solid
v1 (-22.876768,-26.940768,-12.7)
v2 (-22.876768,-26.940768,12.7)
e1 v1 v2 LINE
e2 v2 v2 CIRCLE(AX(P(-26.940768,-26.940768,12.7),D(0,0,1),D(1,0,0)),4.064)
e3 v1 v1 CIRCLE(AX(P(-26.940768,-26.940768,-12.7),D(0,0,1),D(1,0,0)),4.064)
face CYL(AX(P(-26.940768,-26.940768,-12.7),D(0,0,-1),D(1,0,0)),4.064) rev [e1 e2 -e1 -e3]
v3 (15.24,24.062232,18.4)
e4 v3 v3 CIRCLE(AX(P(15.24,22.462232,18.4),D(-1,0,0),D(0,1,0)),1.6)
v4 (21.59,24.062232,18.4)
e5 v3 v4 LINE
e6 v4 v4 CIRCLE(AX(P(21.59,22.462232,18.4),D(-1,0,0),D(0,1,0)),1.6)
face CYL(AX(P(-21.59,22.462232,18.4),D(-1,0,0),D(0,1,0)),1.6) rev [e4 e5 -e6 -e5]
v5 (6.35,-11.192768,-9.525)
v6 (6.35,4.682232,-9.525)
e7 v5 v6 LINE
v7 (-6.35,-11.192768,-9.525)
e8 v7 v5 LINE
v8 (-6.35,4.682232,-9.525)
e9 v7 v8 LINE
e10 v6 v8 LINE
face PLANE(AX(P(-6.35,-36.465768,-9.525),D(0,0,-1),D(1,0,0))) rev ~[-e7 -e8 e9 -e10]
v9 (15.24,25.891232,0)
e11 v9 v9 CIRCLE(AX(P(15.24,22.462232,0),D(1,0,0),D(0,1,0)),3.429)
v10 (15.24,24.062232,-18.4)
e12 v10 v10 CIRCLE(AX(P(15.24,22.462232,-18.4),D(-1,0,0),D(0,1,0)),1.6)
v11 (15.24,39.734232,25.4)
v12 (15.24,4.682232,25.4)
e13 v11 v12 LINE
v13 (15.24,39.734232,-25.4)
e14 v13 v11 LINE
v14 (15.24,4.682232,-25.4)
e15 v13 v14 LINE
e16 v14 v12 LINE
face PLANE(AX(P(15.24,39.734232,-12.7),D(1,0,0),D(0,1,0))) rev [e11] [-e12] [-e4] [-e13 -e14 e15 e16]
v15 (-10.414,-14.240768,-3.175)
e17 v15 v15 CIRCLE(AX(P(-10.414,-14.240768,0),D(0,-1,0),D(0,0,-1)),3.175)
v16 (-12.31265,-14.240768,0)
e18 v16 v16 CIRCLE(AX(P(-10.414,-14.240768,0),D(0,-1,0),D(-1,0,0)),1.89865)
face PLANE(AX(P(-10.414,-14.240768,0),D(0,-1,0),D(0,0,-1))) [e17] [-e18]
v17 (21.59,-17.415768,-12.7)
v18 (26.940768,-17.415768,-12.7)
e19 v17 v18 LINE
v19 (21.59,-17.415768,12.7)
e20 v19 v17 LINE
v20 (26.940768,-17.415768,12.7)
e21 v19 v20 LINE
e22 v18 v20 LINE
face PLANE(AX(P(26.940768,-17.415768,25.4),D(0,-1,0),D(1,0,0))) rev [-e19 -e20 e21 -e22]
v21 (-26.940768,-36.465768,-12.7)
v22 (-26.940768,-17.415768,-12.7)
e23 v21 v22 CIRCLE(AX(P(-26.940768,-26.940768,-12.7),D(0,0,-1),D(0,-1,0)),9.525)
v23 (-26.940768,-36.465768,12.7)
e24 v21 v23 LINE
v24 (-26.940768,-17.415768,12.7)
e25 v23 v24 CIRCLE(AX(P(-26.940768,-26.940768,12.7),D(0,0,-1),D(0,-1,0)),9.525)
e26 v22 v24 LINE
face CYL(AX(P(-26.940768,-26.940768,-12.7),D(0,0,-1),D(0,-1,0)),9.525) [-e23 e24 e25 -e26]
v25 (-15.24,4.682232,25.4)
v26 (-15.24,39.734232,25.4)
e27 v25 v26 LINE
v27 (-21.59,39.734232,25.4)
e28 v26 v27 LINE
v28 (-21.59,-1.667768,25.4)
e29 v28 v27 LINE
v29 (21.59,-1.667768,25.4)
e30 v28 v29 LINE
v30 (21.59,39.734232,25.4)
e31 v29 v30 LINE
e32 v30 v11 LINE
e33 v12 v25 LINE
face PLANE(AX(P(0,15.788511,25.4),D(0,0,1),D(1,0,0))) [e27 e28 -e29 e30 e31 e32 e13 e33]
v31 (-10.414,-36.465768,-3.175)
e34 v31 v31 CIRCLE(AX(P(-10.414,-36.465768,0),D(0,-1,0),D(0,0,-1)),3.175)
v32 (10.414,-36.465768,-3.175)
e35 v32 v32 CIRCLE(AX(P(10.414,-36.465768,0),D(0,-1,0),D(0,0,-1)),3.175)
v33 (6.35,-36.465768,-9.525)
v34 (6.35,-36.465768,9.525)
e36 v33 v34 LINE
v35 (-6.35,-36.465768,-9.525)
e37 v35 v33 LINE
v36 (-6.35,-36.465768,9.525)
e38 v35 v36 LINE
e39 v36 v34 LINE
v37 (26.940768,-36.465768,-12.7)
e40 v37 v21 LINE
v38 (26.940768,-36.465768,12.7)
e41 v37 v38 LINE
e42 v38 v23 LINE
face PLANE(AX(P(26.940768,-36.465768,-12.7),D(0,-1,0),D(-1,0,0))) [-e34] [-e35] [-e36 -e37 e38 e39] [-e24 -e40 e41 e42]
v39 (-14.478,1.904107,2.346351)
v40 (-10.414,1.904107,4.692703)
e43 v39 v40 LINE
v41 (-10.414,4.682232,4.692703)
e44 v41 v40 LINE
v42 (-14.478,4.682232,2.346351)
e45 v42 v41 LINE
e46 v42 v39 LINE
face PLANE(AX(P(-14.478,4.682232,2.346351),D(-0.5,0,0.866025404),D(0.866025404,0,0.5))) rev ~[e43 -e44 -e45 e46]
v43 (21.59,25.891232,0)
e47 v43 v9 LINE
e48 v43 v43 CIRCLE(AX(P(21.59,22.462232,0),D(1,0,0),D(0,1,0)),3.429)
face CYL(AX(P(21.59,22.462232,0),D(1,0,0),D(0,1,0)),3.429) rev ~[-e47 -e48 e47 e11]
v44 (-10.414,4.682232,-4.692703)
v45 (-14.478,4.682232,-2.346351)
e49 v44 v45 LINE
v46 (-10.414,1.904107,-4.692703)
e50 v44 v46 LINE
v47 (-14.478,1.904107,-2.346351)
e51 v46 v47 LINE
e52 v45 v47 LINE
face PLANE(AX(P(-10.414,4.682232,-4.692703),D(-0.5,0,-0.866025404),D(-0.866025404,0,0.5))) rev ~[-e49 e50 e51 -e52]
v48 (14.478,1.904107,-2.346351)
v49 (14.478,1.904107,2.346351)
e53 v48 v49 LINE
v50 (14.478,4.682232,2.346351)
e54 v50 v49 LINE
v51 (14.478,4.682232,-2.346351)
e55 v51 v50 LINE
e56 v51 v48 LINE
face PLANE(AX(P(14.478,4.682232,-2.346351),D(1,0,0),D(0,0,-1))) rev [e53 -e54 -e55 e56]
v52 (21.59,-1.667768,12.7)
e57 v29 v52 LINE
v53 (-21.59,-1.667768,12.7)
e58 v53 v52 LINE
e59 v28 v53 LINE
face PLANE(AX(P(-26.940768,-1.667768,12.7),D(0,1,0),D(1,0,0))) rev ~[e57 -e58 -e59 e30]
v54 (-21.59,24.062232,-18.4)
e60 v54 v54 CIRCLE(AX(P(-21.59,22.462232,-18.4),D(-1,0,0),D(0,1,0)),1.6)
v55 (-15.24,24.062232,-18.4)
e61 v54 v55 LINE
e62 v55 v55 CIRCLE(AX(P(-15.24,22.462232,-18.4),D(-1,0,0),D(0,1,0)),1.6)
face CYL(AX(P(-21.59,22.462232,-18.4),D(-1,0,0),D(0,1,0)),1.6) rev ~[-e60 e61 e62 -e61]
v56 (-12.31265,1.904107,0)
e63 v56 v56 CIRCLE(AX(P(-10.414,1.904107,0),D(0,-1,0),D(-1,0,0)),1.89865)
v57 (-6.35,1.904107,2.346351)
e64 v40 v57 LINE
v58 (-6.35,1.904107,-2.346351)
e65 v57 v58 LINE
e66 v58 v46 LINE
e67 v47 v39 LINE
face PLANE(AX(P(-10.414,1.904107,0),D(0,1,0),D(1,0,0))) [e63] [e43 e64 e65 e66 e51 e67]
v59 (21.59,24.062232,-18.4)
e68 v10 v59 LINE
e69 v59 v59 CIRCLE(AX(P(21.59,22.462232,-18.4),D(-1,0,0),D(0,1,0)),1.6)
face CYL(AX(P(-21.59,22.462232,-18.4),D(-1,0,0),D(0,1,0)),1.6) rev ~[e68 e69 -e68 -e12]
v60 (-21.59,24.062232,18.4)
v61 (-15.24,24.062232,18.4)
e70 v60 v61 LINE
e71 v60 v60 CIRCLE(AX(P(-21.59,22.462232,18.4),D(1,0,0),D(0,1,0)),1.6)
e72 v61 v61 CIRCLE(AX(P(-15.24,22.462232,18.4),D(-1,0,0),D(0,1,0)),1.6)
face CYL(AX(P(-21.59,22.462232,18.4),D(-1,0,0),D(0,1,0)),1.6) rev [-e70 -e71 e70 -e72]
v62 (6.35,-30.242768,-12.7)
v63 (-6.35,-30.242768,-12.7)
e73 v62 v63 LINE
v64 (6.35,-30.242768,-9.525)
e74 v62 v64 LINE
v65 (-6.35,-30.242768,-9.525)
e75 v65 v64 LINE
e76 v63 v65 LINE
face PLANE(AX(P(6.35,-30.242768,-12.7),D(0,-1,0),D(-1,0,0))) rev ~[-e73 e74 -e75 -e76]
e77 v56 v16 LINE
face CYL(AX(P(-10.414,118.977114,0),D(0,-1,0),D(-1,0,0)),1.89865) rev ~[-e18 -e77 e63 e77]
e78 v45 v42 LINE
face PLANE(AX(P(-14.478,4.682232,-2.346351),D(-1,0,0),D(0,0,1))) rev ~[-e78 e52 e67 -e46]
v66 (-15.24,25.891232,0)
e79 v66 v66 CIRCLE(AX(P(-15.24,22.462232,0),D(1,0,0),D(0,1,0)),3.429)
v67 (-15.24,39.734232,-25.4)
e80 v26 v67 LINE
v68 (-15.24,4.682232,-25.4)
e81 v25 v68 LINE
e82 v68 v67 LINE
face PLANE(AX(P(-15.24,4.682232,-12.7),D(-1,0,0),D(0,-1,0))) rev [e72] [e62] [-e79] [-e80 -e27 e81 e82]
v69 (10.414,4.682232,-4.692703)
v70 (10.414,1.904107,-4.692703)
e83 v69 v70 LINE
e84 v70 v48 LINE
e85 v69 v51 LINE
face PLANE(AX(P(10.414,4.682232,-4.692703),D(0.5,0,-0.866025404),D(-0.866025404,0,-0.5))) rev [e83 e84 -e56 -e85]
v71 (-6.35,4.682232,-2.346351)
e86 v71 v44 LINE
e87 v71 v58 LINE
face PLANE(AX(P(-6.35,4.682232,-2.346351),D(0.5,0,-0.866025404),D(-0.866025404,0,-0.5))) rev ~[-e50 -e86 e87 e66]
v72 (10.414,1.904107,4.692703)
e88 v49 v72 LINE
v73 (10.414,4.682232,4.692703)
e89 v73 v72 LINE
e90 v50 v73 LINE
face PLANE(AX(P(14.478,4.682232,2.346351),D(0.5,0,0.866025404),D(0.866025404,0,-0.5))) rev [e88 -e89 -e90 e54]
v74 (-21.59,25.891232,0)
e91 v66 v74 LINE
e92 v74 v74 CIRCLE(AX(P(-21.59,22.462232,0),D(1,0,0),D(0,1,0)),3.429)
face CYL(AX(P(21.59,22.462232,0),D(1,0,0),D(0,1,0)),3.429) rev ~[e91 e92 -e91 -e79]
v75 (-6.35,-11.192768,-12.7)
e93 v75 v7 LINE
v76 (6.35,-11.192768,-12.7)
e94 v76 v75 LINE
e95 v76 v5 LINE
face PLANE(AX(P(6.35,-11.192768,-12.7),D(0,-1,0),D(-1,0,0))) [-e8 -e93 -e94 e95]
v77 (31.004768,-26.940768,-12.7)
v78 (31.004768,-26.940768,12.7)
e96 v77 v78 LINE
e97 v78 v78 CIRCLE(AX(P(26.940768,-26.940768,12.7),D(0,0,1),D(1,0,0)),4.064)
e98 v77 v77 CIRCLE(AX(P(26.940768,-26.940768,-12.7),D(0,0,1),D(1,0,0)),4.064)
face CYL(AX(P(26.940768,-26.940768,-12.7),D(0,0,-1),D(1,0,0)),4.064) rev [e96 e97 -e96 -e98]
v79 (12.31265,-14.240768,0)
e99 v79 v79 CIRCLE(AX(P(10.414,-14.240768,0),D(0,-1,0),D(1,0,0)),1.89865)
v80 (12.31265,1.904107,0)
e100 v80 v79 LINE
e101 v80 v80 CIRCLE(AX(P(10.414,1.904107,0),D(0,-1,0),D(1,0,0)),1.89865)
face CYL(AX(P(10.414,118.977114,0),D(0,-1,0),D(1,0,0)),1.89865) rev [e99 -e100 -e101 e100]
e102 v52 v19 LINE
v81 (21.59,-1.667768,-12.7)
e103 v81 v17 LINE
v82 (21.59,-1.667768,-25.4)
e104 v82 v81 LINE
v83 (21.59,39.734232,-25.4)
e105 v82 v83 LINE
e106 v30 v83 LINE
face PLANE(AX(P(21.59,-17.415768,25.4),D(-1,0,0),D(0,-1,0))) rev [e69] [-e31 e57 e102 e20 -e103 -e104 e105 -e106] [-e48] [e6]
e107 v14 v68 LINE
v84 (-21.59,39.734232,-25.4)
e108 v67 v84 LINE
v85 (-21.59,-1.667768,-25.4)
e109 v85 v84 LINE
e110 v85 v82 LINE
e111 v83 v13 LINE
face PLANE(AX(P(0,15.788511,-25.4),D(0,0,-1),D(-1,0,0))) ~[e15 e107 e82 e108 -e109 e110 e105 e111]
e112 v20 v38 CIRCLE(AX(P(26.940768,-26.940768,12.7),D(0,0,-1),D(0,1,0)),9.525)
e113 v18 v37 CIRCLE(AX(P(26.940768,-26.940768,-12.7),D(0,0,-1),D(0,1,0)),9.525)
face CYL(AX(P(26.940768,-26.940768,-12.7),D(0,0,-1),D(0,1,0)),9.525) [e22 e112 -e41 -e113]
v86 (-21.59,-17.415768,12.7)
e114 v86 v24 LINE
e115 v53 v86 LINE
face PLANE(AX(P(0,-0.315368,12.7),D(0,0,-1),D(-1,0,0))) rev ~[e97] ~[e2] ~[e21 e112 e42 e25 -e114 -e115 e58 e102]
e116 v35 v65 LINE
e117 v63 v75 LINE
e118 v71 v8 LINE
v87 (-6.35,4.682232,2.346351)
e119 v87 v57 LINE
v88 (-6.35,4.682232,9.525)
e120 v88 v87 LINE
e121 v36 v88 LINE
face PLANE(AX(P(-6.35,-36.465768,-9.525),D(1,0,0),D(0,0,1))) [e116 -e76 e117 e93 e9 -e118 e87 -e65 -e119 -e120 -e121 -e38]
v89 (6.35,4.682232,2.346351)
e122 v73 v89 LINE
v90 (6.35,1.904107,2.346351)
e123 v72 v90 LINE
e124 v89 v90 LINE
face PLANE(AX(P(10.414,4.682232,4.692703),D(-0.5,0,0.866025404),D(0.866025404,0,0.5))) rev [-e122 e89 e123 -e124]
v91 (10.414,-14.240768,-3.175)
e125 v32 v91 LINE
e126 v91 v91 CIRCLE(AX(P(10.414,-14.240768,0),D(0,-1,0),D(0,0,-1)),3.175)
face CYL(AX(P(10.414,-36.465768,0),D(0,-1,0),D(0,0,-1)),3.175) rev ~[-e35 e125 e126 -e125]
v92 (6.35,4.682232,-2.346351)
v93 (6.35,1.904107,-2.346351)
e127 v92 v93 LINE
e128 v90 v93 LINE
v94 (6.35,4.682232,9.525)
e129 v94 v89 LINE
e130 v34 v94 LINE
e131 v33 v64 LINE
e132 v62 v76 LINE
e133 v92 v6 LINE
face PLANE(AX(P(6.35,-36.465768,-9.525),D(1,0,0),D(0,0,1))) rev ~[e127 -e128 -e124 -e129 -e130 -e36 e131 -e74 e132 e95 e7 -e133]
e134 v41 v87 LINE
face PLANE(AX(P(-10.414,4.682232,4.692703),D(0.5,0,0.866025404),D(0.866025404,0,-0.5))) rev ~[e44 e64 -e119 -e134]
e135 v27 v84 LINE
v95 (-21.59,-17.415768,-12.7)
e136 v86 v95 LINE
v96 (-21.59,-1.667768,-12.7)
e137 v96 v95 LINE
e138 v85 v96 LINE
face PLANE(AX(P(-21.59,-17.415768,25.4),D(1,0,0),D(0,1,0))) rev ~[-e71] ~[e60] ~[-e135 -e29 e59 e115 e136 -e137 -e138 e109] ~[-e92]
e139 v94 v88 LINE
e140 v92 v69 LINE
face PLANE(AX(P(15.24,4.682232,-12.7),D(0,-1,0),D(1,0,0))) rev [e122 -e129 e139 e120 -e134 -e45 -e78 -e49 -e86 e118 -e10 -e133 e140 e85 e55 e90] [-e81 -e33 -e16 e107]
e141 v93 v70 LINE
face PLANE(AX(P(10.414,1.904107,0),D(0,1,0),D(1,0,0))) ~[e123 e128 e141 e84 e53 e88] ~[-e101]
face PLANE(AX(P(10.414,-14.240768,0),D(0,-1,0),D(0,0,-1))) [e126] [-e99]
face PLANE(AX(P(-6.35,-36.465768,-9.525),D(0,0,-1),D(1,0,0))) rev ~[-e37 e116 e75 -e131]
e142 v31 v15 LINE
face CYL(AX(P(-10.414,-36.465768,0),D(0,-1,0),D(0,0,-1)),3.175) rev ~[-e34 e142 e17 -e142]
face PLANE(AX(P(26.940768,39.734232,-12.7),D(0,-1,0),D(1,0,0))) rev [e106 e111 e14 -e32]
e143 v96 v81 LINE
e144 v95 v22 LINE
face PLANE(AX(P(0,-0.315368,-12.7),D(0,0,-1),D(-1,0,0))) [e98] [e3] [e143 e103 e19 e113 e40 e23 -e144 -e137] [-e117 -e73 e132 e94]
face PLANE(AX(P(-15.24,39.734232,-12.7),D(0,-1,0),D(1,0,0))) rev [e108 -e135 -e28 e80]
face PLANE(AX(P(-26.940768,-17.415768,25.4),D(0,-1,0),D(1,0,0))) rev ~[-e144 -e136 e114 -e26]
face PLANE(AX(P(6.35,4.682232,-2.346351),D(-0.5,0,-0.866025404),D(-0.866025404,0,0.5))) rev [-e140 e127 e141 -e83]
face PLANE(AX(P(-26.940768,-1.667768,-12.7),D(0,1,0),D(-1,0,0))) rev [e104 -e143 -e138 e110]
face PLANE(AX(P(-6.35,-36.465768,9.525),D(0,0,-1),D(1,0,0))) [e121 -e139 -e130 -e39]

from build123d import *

# Parameters (mm, degrees)
BOSS_EXTRUDE1_DEPTH      = 12.7
BOSS_EXTRUDE1_DEPTH_BACK = 12.7
SKETCH1_R                = 4.064
SKETCH9_W                = 30.48
SKETCH9_H                = 35.052
CUT_EXTRUDE6_DEPTH       = 60.613097773
BOSS_EXTRUDE3_DEPTH      = 12.7
SKETCH11_W               = 5.350768363
SKETCH11_H               = 57.15
CUT_EXTRUDE7_DEPTH       = 75.08914513
SKETCH12_W               = 12.7
SKETCH12_H               = 19.05
CUT_EXTRUDE8_DEPTH       = 89.211973463
SKETCH14_R               = 1.6
CUT_EXTRUDE9_DEPTH       = 75.795998583
SKETCH15_R               = 3.429
CUT_EXTRUDE10_DEPTH      = 75.795998583
CUT_EXTRUDE11_DEPTH      = 2.778125
F_6_CLEARANCE_HOLE1_D    = 3.7973
SKETCH23_R               = 3.175
CUT_EXTRUDE12_DEPTH      = 22.225
CUT_EXTRUDE13_REACH      = 68.032
SKETCH24_W               = 12.7
SKETCH24_H               = 19.05


with BuildPart() as part:
    # Sketch1 → Boss-Extrude1 (new, two sides: drawn at the far end of the back side and taken through both)
    with BuildSketch(Plane.XY.offset(-BOSS_EXTRUDE1_DEPTH_BACK)):
        with BuildLine():
            Line((-26.940768363, -17.415768363), (-26.940768363, 39.734231637))
            Line((-26.940768363, 39.734231637), (26.940768363, 39.734231637))
            Line((26.940768363, 39.734231637), (26.940768363, -17.415768363))
            ThreePointArc((26.940768363, -17.415768363), (36.465768363, -26.940768363), (26.940768363, -36.465768363))
            Line((26.940768363, -36.465768363), (-26.940768363, -36.465768363))
            ThreePointArc((-26.940768363, -36.465768363), (-36.465768363, -26.940768363), (-26.940768363, -17.415768363))
        make_face()
        with Locations((-26.940768363, -26.940768363)):
            Circle(SKETCH1_R, mode=Mode.SUBTRACT)
        with Locations((26.940768363, -26.940768363)):
            Circle(SKETCH1_R, mode=Mode.SUBTRACT)
    extrude(amount=BOSS_EXTRUDE1_DEPTH + BOSS_EXTRUDE1_DEPTH_BACK)

    # Sketch9 → Cut-Extrude6 (cut, through all)
    with BuildSketch(Plane.XY.offset(12.7)):
        with Locations((0, 22.208231637)):
            Rectangle(SKETCH9_W, SKETCH9_H)
    extrude(amount=-CUT_EXTRUDE6_DEPTH, mode=Mode.SUBTRACT)

    # Sketch10 → Boss-Extrude3 (add)
    with BuildSketch(Plane.XY.offset(12.7)):
        Polygon((-26.940768363, 39.734231637), (-26.940768363, -1.667768363), (26.940768363, -1.667768363), (26.940768363, 39.734231637), (15.24, 39.734231637), (15.24, 4.682231637), (-15.24, 4.682231637), (-15.24, 39.734231637), align=None)
    boss_extrude3 = extrude(amount=BOSS_EXTRUDE3_DEPTH)

    # Mirror4: Boss-Extrude3 across plane
    add(boss_extrude3.mirror(Plane.XY))

    # Sketch11 → Cut-Extrude7 (cut, through all)
    with BuildSketch(Plane.XY.offset(25.4)):
        with Locations((-24.265384181, 11.159231637)):
            Rectangle(SKETCH11_W, SKETCH11_H)
    cut_extrude7 = extrude(amount=-CUT_EXTRUDE7_DEPTH, mode=Mode.SUBTRACT)

    # Mirror5: Cut-Extrude7 across plane
    add(cut_extrude7.mirror(Plane(origin=(0, 0, 0), x_dir=(0, 0, 1), z_dir=(1, 0, 0))), mode=Mode.SUBTRACT)

    # Sketch12 → Cut-Extrude8 (cut, through all)
    with BuildSketch(Plane.XZ.offset(36.465768363)):
        Rectangle(SKETCH12_W, SKETCH12_H)
    extrude(amount=-CUT_EXTRUDE8_DEPTH, mode=Mode.SUBTRACT)

    # Sketch14 → Cut-Extrude9 (cut, through all)
    with BuildSketch(Plane.ZY.offset(21.59)):
        with Locations((-18.4, 22.462231637)):
            Circle(SKETCH14_R)
    cut_extrude9 = extrude(amount=-CUT_EXTRUDE9_DEPTH, mode=Mode.SUBTRACT)

    # Mirror6: Cut-Extrude9 across plane
    add(cut_extrude9.mirror(Plane.XY), mode=Mode.SUBTRACT)

    # Sketch15 → Cut-Extrude10 (cut, through all)
    with BuildSketch(Plane(origin=(21.59, 0, 0), x_dir=(0, 0, -1), z_dir=(1, 0, 0))):
        with Locations((0, 22.462231637)):
            Circle(SKETCH15_R)
    extrude(amount=-CUT_EXTRUDE10_DEPTH, mode=Mode.SUBTRACT)

    # Sketch18 → Cut-Extrude11 (cut)
    with BuildSketch(Plane(origin=(0, 4.682231637, 0), x_dir=(1, 0, 0), z_dir=(0, 1, 0))):
        Polygon((-6.35, 2.346351494), (-10.414, 4.692702988), (-14.478, 2.346351494), (-14.478, -2.346351494), (-10.414, -4.692702988), (-6.35, -2.346351494), align=None)
    cut_extrude11 = extrude(amount=-CUT_EXTRUDE11_DEPTH, mode=Mode.SUBTRACT)

    # Mirror7: Cut-Extrude11 across plane
    add(cut_extrude11.mirror(Plane(origin=(0, 0, 0), x_dir=(0, 0, 1), z_dir=(1, 0, 0))), mode=Mode.SUBTRACT)

    # #6 Clearance Hole1 (through all)
    with Locations(Plane(origin=(0, 1.904106637, 0), x_dir=(1, 0, 0), z_dir=(0, 1, 0))):
        with Locations((-10.414, 0)):
            f_6_clearance_hole1 = Hole(F_6_CLEARANCE_HOLE1_D / 2)

    # Mirror8: #6 Clearance Hole1 across plane
    add(f_6_clearance_hole1.mirror(Plane(origin=(0, 0, 0), x_dir=(0, 0, 1), z_dir=(1, 0, 0))), mode=Mode.SUBTRACT)

    # Sketch23 → Cut-Extrude12 (cut)
    with BuildSketch(Plane.XZ.offset(36.465768363)):
        with Locations((-10.414, 0)):
            Circle(SKETCH23_R)
        with Locations((10.414, 0)):
            Circle(SKETCH23_R)
    extrude(amount=-CUT_EXTRUDE12_DEPTH, mode=Mode.SUBTRACT)

    # Sketch24 → Cut-Extrude13 (cut, up to next)
    with BuildSketch(Plane(origin=(0, 0, -12.7), x_dir=(-1, 0, 0), z_dir=(0, 0, -1)), mode=Mode.PRIVATE) as cut_extrude13_sk1:
        with Locations((0, -20.717768363)):
            Rectangle(SKETCH24_W, SKETCH24_H)
    cut_extrude13_tool1 = extrude(cut_extrude13_sk1.sketch, amount=-CUT_EXTRUDE13_REACH, mode=Mode.PRIVATE) & part.part
    add(cut_extrude13_tool1.solids().sort_by_distance((0, -20.717768, -12.7))[0], mode=Mode.SUBTRACT)


solid = part.part
